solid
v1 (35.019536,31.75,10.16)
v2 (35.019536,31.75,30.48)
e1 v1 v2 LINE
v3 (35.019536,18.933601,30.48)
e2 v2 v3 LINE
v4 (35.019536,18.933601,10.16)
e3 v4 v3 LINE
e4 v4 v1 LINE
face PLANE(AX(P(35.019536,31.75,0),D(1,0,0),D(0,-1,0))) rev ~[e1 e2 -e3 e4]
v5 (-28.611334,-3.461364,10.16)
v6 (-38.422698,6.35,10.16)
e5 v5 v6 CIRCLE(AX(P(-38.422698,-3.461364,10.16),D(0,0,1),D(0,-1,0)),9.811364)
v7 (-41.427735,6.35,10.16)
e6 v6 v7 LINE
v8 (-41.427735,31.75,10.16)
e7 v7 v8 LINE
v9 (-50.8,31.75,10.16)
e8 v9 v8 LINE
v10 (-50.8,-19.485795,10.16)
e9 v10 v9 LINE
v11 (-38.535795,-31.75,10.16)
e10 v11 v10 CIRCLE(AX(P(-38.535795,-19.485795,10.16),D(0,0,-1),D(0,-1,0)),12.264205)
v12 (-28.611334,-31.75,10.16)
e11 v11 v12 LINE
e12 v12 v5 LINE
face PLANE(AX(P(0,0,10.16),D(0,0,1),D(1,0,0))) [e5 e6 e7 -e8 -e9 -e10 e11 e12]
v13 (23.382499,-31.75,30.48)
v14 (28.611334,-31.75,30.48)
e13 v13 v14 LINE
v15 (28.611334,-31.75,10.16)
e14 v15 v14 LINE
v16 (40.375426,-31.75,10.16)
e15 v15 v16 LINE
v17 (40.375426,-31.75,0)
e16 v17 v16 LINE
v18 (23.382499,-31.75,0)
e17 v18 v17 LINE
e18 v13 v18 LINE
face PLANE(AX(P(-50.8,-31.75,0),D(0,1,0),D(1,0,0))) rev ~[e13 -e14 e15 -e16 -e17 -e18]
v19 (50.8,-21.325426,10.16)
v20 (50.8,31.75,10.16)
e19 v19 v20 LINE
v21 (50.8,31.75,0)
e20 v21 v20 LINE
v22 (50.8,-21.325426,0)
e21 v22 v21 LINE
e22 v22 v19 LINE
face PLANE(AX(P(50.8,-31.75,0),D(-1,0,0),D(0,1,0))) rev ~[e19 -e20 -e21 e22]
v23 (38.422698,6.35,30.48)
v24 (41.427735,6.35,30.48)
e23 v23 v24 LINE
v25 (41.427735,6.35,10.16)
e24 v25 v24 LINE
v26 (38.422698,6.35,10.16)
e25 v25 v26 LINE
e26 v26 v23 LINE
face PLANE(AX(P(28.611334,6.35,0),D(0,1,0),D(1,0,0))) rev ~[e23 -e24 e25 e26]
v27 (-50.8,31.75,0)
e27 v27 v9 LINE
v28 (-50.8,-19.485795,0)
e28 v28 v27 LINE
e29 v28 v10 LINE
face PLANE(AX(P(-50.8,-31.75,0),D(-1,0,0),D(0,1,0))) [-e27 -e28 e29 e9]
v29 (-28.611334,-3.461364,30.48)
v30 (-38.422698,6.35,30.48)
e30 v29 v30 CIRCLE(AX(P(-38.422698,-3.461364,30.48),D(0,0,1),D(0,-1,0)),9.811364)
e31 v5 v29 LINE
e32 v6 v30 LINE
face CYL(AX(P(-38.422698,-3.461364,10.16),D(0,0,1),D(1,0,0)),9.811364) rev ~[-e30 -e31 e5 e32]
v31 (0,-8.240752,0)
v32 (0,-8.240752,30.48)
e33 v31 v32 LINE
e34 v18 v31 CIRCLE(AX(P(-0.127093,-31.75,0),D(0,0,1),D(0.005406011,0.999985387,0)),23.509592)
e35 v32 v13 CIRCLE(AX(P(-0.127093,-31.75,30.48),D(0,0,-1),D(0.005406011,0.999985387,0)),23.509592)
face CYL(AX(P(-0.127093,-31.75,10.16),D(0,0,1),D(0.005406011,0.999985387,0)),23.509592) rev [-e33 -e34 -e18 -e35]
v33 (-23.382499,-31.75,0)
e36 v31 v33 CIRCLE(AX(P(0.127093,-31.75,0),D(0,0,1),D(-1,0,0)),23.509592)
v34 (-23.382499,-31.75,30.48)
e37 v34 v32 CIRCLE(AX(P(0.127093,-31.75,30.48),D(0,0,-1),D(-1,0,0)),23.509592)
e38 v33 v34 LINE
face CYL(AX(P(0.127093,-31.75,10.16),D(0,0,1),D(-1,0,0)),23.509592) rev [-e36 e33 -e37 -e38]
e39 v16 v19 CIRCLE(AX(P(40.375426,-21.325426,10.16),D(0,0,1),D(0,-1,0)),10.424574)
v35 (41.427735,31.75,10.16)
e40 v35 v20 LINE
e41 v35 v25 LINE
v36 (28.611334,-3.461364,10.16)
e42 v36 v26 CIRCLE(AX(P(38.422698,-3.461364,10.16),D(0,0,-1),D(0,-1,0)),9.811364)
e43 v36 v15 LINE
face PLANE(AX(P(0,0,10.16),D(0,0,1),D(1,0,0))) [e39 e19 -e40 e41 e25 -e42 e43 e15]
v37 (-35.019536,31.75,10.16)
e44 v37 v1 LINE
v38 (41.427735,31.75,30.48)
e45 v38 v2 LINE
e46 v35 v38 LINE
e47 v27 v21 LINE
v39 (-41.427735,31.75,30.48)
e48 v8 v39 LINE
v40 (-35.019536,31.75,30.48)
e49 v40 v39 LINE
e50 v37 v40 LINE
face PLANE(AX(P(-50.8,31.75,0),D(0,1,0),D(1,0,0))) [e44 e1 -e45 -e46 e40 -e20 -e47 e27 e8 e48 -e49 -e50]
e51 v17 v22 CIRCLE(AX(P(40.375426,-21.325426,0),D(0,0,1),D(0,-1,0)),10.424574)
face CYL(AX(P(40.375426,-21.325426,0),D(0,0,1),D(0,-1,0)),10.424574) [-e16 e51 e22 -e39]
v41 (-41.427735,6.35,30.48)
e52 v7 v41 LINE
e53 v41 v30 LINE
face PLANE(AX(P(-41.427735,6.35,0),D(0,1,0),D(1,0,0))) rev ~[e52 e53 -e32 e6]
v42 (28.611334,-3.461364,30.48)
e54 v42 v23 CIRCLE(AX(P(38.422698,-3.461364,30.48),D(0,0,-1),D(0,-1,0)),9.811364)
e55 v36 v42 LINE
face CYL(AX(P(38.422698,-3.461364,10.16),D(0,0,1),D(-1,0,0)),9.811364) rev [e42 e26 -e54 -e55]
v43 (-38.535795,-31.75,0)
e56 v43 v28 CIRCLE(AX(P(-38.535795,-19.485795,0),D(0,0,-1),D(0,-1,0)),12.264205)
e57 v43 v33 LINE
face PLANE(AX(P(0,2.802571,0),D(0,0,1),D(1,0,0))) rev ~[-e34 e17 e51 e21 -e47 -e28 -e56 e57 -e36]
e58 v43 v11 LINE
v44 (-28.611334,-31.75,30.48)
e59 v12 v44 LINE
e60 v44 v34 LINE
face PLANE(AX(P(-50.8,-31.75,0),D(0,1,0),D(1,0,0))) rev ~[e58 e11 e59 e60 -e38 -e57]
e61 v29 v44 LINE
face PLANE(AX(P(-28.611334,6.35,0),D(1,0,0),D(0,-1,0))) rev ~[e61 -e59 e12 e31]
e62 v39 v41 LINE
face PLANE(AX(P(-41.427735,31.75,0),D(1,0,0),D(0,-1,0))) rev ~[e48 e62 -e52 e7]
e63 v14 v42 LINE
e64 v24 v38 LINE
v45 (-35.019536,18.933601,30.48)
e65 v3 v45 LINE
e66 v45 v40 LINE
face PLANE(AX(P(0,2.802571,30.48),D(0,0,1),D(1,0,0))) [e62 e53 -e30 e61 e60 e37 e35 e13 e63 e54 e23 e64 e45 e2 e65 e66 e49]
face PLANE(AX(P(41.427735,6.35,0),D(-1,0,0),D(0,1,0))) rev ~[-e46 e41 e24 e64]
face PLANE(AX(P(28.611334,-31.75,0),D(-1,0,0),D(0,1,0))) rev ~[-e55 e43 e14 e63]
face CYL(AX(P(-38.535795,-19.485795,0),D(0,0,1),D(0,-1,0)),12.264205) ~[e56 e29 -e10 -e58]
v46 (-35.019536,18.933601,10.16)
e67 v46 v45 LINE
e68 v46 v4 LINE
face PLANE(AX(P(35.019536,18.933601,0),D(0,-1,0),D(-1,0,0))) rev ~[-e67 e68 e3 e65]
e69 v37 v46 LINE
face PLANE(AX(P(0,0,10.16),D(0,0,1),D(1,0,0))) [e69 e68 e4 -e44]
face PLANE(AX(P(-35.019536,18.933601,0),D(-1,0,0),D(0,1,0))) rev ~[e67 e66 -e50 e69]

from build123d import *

# Parameters (mm, degrees)
F0_W     = 101.6
F0_H     = 63.5
F1_DEPTH = 10.16
F3_DEPTH = 30.48
F4_DEPTH = 25.4
F5_R     = 10.4245741623
F6_R     = 12.2642048969
F7_R     = 9.8113639175


with BuildPart() as f1:
    # F0 (on Top) → F1 (new body)
    with BuildSketch(Plane.XY):
        Rectangle(F0_W, F0_H)
    extrude(amount=F1_DEPTH)

    # F2 (on Top) → F3 (join)
    with BuildSketch(Plane.XY):
        with BuildLine():
            Line((-41.4277352393, 31.75), (-41.4277352393, 6.35))
            Line((-41.4277352393, 6.35), (-28.6113340408, 6.35))
            Line((-28.6113340408, 6.35), (-28.6113340408, -31.75))
            Line((-28.6113340408, -31.75), (-23.3824987947, -31.75))
            ThreePointArc((-23.3824987947, -31.75), (-16.5415723839, -15.1712032327), (0, -8.2407516258))
            ThreePointArc((0, -8.2407516258), (16.5415723839, -15.1712032327), (23.3824987947, -31.75))
            Line((23.3824987947, -31.75), (28.6113340408, -31.75))
            Line((28.6113340408, -31.75), (28.6113340408, 6.35))
            Line((28.6113340408, 6.35), (41.4277352393, 6.35))
            Line((41.4277352393, 6.35), (41.4277352393, 31.75))
            Line((41.4277352393, 31.75), (35.0195355713, 31.75))
            Line((35.0195355713, 31.75), (35.0195355713, 18.9336006641))
            Line((35.0195355713, 18.9336006641), (0, 18.9336006641))
            Line((0, 18.9336006641), (-35.0195355713, 18.9336006641))
            Line((-35.0195355713, 18.9336006641), (-35.0195355713, 31.75))
            Line((-35.0195355713, 31.75), (-41.4277352393, 31.75))
        make_face()
    extrude(amount=F3_DEPTH)

    # F4 (cut): a face of the model
    f4_faces = [f1.faces().sort_by_distance(p)[0] for p in [
        (0, -21.7845350745, 10.16),
    ]]
    extrude(f4_faces, amount=-F4_DEPTH, mode=Mode.SUBTRACT)

    # F5
    f5_edges = [f1.edges().sort_by_distance(p)[0] for p in [
        (50.8, -31.75, 5.08),
    ]]
    fillet(f5_edges, radius=F5_R)

    # F6
    f6_edges = [f1.edges().sort_by_distance(p)[0] for p in [
        (-50.8, -31.75, 5.08),
    ]]
    fillet(f6_edges, radius=F6_R)

    # F7
    f7_edges = [f1.edges().sort_by_distance(p)[0] for p in [
        (28.611334, 6.35, 20.32),
        (-28.611334, 6.35, 20.32),
    ]]
    fillet(f7_edges, radius=F7_R)


solid = f1.part
